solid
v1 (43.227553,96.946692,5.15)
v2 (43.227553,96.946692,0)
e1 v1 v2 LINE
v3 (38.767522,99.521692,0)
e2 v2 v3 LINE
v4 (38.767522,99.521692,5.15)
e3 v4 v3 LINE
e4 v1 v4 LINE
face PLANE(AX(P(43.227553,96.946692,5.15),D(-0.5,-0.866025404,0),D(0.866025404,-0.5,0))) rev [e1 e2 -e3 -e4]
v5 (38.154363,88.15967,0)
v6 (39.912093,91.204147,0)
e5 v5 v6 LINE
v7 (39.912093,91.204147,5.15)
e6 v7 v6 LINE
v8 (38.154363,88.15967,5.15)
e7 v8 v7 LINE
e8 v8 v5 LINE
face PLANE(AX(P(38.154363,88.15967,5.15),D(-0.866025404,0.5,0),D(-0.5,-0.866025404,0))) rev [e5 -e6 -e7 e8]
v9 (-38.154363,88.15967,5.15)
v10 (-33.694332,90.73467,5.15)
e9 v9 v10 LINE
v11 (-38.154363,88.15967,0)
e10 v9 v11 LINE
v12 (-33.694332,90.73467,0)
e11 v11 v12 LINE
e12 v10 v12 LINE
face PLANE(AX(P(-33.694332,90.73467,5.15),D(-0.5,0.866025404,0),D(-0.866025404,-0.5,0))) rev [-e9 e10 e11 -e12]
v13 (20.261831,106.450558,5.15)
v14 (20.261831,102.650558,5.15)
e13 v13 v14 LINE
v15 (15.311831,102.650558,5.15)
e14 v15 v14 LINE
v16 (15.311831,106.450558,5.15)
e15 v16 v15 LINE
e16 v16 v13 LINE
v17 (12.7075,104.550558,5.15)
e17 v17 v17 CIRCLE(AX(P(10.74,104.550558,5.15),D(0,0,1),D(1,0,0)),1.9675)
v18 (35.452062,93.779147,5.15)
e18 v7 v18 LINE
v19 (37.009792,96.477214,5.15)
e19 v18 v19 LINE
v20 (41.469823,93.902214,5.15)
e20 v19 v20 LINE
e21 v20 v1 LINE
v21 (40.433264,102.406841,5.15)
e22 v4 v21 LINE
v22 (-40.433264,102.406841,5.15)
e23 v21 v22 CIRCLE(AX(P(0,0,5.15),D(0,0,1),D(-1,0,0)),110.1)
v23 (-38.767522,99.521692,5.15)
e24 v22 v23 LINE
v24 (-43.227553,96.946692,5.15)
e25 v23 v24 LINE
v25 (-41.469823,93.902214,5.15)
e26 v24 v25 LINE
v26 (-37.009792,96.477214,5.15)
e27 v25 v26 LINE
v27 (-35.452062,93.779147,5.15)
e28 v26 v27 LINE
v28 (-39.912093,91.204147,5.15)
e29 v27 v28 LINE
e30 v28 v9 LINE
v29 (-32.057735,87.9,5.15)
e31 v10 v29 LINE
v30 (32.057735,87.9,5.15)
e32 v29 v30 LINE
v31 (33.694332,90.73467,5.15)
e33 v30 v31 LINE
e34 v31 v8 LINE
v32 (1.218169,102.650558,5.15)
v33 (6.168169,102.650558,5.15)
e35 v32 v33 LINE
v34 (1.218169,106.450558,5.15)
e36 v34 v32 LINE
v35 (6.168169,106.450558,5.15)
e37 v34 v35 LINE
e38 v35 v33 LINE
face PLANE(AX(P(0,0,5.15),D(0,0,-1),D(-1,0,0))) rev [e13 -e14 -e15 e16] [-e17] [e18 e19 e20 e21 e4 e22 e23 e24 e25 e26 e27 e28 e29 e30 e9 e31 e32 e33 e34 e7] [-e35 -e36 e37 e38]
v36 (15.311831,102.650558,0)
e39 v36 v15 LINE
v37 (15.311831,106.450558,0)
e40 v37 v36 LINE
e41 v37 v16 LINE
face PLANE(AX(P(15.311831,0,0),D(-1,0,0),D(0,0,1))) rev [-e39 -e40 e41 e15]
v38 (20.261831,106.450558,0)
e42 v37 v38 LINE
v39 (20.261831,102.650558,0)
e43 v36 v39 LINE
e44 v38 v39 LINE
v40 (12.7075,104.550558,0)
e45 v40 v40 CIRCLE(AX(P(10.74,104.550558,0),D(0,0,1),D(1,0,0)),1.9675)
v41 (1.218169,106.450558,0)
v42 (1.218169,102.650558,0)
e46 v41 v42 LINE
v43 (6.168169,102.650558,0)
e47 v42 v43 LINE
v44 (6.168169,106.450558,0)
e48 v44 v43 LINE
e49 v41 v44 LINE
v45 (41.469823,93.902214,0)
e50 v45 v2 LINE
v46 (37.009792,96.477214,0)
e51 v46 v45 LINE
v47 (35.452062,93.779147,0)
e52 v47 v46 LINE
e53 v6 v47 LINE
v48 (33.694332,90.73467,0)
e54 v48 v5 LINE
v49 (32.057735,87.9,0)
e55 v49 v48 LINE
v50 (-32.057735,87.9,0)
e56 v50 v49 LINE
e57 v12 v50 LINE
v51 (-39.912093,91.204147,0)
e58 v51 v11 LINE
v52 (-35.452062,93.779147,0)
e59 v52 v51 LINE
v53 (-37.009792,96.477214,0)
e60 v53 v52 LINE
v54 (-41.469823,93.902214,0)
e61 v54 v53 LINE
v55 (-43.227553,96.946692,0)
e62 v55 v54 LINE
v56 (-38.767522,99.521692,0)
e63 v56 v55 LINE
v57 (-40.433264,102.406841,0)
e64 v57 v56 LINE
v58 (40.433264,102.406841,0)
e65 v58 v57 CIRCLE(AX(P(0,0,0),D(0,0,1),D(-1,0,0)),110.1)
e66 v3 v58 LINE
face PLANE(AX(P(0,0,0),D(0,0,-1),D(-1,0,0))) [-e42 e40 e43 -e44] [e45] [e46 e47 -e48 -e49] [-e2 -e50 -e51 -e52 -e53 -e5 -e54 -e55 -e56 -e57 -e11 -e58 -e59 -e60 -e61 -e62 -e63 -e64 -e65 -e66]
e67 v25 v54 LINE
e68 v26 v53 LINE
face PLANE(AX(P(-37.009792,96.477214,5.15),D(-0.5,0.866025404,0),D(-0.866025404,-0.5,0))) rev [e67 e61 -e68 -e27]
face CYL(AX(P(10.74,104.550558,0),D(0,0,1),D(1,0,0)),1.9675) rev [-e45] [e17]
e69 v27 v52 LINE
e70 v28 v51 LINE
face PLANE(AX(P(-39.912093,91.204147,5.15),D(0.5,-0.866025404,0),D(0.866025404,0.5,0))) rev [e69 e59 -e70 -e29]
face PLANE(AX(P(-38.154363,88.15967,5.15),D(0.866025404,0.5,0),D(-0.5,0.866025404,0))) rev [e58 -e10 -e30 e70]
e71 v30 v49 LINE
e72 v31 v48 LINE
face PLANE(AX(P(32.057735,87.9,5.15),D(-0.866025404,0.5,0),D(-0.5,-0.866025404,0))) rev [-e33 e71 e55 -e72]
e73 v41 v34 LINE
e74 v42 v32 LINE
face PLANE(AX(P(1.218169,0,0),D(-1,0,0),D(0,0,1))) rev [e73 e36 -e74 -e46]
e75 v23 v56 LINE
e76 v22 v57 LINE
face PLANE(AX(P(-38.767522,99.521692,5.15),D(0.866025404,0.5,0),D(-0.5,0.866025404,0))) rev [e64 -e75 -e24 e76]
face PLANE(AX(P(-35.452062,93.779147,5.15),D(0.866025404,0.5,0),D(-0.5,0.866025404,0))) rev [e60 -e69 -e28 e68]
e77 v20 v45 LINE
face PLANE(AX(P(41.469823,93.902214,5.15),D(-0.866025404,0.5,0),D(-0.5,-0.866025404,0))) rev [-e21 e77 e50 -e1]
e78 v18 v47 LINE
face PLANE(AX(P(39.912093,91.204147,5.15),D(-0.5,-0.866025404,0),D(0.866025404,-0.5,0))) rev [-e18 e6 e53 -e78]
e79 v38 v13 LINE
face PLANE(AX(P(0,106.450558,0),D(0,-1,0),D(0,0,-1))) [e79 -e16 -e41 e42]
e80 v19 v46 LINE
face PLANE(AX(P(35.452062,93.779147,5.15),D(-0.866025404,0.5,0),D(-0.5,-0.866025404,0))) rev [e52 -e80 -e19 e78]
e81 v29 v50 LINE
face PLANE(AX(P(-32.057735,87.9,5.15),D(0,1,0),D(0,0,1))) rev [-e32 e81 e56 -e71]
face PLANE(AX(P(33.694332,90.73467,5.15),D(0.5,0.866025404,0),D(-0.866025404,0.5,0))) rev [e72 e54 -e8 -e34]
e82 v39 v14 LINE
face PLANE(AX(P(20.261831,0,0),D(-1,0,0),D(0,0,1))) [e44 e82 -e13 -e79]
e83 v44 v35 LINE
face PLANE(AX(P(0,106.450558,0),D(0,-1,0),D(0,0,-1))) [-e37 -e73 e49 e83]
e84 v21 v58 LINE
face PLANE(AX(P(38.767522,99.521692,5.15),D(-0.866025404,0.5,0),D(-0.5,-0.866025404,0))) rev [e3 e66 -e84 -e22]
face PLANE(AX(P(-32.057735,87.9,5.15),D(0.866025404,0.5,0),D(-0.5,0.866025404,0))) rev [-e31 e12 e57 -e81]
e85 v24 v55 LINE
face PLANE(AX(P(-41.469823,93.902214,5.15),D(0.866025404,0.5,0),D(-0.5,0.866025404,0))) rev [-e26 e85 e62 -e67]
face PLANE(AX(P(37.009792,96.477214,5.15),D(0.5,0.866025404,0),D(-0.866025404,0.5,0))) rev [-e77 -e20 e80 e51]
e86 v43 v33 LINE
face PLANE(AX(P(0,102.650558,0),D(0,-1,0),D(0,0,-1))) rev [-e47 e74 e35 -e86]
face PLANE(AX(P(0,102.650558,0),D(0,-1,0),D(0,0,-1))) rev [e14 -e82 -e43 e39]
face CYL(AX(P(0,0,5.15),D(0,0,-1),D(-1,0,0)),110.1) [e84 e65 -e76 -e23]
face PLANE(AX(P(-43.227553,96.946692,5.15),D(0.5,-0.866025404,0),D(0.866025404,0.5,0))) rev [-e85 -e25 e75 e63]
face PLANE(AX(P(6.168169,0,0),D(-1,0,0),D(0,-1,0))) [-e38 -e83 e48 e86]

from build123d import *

# Parameters (mm, degrees)
BOSS_EXTRUDE1_DEPTH = 5.15
SKETCH2_R           = 1.9675
SKETCH2_W           = 4.95
SKETCH2_H           = 3.8
CUT_EXTRUDE1_DEPTH  = 6.15


with BuildPart() as part:
    # Sketch1 → Boss-Extrude1 (new body)
    with BuildSketch(Plane.XY):
        with BuildLine():
            Line((-32.057735027, 87.9), (32.057735027, 87.9))
            Line((32.057735027, 87.9), (33.694332379, 90.734669766))
            Line((33.694332379, 90.734669766), (38.154363209, 88.159669766))
            Line((38.154363209, 88.159669766), (39.912093048, 91.204147153))
            Line((39.912093048, 91.204147153), (35.452062218, 93.779147153))
            Line((35.452062218, 93.779147153), (37.009792057, 96.477214379))
            Line((37.009792057, 96.477214379), (41.469822887, 93.902214379))
            Line((41.469822887, 93.902214379), (43.227552726, 96.946691766))
            Line((43.227552726, 96.946691766), (38.767521896, 99.521691766))
            Line((38.767521896, 99.521691766), (40.433263841, 102.406841447))
            ThreePointArc((40.433263841, 102.406841447), (0, 110.1), (-40.433263841, 102.406841447))
            Line((-40.433263841, 102.406841447), (-38.767521896, 99.521691766))
            Line((-38.767521896, 99.521691766), (-43.227552726, 96.946691766))
            Line((-43.227552726, 96.946691766), (-41.469822887, 93.902214379))
            Line((-41.469822887, 93.902214379), (-37.009792057, 96.477214379))
            Line((-37.009792057, 96.477214379), (-35.452062218, 93.779147153))
            Line((-35.452062218, 93.779147153), (-39.912093048, 91.204147153))
            Line((-39.912093048, 91.204147153), (-38.154363209, 88.159669766))
            Line((-38.154363209, 88.159669766), (-33.694332379, 90.734669766))
            Line((-33.694332379, 90.734669766), (-32.057735027, 87.9))
        make_face()
    extrude(amount=BOSS_EXTRUDE1_DEPTH)

    # Sketch2 → Cut-Extrude1 (cut, through all)
    with BuildSketch(Plane.XY.offset(5.15)):
        with Locations((10.74, 104.550558367)):
            Circle(SKETCH2_R)
        with Locations((17.786830638, 104.550558367)):
            Rectangle(SKETCH2_W, SKETCH2_H)
        with Locations((3.693169362, 104.550558367)):
            Rectangle(SKETCH2_W, SKETCH2_H)
    extrude(amount=-CUT_EXTRUDE1_DEPTH, mode=Mode.SUBTRACT)


solid = part.part
